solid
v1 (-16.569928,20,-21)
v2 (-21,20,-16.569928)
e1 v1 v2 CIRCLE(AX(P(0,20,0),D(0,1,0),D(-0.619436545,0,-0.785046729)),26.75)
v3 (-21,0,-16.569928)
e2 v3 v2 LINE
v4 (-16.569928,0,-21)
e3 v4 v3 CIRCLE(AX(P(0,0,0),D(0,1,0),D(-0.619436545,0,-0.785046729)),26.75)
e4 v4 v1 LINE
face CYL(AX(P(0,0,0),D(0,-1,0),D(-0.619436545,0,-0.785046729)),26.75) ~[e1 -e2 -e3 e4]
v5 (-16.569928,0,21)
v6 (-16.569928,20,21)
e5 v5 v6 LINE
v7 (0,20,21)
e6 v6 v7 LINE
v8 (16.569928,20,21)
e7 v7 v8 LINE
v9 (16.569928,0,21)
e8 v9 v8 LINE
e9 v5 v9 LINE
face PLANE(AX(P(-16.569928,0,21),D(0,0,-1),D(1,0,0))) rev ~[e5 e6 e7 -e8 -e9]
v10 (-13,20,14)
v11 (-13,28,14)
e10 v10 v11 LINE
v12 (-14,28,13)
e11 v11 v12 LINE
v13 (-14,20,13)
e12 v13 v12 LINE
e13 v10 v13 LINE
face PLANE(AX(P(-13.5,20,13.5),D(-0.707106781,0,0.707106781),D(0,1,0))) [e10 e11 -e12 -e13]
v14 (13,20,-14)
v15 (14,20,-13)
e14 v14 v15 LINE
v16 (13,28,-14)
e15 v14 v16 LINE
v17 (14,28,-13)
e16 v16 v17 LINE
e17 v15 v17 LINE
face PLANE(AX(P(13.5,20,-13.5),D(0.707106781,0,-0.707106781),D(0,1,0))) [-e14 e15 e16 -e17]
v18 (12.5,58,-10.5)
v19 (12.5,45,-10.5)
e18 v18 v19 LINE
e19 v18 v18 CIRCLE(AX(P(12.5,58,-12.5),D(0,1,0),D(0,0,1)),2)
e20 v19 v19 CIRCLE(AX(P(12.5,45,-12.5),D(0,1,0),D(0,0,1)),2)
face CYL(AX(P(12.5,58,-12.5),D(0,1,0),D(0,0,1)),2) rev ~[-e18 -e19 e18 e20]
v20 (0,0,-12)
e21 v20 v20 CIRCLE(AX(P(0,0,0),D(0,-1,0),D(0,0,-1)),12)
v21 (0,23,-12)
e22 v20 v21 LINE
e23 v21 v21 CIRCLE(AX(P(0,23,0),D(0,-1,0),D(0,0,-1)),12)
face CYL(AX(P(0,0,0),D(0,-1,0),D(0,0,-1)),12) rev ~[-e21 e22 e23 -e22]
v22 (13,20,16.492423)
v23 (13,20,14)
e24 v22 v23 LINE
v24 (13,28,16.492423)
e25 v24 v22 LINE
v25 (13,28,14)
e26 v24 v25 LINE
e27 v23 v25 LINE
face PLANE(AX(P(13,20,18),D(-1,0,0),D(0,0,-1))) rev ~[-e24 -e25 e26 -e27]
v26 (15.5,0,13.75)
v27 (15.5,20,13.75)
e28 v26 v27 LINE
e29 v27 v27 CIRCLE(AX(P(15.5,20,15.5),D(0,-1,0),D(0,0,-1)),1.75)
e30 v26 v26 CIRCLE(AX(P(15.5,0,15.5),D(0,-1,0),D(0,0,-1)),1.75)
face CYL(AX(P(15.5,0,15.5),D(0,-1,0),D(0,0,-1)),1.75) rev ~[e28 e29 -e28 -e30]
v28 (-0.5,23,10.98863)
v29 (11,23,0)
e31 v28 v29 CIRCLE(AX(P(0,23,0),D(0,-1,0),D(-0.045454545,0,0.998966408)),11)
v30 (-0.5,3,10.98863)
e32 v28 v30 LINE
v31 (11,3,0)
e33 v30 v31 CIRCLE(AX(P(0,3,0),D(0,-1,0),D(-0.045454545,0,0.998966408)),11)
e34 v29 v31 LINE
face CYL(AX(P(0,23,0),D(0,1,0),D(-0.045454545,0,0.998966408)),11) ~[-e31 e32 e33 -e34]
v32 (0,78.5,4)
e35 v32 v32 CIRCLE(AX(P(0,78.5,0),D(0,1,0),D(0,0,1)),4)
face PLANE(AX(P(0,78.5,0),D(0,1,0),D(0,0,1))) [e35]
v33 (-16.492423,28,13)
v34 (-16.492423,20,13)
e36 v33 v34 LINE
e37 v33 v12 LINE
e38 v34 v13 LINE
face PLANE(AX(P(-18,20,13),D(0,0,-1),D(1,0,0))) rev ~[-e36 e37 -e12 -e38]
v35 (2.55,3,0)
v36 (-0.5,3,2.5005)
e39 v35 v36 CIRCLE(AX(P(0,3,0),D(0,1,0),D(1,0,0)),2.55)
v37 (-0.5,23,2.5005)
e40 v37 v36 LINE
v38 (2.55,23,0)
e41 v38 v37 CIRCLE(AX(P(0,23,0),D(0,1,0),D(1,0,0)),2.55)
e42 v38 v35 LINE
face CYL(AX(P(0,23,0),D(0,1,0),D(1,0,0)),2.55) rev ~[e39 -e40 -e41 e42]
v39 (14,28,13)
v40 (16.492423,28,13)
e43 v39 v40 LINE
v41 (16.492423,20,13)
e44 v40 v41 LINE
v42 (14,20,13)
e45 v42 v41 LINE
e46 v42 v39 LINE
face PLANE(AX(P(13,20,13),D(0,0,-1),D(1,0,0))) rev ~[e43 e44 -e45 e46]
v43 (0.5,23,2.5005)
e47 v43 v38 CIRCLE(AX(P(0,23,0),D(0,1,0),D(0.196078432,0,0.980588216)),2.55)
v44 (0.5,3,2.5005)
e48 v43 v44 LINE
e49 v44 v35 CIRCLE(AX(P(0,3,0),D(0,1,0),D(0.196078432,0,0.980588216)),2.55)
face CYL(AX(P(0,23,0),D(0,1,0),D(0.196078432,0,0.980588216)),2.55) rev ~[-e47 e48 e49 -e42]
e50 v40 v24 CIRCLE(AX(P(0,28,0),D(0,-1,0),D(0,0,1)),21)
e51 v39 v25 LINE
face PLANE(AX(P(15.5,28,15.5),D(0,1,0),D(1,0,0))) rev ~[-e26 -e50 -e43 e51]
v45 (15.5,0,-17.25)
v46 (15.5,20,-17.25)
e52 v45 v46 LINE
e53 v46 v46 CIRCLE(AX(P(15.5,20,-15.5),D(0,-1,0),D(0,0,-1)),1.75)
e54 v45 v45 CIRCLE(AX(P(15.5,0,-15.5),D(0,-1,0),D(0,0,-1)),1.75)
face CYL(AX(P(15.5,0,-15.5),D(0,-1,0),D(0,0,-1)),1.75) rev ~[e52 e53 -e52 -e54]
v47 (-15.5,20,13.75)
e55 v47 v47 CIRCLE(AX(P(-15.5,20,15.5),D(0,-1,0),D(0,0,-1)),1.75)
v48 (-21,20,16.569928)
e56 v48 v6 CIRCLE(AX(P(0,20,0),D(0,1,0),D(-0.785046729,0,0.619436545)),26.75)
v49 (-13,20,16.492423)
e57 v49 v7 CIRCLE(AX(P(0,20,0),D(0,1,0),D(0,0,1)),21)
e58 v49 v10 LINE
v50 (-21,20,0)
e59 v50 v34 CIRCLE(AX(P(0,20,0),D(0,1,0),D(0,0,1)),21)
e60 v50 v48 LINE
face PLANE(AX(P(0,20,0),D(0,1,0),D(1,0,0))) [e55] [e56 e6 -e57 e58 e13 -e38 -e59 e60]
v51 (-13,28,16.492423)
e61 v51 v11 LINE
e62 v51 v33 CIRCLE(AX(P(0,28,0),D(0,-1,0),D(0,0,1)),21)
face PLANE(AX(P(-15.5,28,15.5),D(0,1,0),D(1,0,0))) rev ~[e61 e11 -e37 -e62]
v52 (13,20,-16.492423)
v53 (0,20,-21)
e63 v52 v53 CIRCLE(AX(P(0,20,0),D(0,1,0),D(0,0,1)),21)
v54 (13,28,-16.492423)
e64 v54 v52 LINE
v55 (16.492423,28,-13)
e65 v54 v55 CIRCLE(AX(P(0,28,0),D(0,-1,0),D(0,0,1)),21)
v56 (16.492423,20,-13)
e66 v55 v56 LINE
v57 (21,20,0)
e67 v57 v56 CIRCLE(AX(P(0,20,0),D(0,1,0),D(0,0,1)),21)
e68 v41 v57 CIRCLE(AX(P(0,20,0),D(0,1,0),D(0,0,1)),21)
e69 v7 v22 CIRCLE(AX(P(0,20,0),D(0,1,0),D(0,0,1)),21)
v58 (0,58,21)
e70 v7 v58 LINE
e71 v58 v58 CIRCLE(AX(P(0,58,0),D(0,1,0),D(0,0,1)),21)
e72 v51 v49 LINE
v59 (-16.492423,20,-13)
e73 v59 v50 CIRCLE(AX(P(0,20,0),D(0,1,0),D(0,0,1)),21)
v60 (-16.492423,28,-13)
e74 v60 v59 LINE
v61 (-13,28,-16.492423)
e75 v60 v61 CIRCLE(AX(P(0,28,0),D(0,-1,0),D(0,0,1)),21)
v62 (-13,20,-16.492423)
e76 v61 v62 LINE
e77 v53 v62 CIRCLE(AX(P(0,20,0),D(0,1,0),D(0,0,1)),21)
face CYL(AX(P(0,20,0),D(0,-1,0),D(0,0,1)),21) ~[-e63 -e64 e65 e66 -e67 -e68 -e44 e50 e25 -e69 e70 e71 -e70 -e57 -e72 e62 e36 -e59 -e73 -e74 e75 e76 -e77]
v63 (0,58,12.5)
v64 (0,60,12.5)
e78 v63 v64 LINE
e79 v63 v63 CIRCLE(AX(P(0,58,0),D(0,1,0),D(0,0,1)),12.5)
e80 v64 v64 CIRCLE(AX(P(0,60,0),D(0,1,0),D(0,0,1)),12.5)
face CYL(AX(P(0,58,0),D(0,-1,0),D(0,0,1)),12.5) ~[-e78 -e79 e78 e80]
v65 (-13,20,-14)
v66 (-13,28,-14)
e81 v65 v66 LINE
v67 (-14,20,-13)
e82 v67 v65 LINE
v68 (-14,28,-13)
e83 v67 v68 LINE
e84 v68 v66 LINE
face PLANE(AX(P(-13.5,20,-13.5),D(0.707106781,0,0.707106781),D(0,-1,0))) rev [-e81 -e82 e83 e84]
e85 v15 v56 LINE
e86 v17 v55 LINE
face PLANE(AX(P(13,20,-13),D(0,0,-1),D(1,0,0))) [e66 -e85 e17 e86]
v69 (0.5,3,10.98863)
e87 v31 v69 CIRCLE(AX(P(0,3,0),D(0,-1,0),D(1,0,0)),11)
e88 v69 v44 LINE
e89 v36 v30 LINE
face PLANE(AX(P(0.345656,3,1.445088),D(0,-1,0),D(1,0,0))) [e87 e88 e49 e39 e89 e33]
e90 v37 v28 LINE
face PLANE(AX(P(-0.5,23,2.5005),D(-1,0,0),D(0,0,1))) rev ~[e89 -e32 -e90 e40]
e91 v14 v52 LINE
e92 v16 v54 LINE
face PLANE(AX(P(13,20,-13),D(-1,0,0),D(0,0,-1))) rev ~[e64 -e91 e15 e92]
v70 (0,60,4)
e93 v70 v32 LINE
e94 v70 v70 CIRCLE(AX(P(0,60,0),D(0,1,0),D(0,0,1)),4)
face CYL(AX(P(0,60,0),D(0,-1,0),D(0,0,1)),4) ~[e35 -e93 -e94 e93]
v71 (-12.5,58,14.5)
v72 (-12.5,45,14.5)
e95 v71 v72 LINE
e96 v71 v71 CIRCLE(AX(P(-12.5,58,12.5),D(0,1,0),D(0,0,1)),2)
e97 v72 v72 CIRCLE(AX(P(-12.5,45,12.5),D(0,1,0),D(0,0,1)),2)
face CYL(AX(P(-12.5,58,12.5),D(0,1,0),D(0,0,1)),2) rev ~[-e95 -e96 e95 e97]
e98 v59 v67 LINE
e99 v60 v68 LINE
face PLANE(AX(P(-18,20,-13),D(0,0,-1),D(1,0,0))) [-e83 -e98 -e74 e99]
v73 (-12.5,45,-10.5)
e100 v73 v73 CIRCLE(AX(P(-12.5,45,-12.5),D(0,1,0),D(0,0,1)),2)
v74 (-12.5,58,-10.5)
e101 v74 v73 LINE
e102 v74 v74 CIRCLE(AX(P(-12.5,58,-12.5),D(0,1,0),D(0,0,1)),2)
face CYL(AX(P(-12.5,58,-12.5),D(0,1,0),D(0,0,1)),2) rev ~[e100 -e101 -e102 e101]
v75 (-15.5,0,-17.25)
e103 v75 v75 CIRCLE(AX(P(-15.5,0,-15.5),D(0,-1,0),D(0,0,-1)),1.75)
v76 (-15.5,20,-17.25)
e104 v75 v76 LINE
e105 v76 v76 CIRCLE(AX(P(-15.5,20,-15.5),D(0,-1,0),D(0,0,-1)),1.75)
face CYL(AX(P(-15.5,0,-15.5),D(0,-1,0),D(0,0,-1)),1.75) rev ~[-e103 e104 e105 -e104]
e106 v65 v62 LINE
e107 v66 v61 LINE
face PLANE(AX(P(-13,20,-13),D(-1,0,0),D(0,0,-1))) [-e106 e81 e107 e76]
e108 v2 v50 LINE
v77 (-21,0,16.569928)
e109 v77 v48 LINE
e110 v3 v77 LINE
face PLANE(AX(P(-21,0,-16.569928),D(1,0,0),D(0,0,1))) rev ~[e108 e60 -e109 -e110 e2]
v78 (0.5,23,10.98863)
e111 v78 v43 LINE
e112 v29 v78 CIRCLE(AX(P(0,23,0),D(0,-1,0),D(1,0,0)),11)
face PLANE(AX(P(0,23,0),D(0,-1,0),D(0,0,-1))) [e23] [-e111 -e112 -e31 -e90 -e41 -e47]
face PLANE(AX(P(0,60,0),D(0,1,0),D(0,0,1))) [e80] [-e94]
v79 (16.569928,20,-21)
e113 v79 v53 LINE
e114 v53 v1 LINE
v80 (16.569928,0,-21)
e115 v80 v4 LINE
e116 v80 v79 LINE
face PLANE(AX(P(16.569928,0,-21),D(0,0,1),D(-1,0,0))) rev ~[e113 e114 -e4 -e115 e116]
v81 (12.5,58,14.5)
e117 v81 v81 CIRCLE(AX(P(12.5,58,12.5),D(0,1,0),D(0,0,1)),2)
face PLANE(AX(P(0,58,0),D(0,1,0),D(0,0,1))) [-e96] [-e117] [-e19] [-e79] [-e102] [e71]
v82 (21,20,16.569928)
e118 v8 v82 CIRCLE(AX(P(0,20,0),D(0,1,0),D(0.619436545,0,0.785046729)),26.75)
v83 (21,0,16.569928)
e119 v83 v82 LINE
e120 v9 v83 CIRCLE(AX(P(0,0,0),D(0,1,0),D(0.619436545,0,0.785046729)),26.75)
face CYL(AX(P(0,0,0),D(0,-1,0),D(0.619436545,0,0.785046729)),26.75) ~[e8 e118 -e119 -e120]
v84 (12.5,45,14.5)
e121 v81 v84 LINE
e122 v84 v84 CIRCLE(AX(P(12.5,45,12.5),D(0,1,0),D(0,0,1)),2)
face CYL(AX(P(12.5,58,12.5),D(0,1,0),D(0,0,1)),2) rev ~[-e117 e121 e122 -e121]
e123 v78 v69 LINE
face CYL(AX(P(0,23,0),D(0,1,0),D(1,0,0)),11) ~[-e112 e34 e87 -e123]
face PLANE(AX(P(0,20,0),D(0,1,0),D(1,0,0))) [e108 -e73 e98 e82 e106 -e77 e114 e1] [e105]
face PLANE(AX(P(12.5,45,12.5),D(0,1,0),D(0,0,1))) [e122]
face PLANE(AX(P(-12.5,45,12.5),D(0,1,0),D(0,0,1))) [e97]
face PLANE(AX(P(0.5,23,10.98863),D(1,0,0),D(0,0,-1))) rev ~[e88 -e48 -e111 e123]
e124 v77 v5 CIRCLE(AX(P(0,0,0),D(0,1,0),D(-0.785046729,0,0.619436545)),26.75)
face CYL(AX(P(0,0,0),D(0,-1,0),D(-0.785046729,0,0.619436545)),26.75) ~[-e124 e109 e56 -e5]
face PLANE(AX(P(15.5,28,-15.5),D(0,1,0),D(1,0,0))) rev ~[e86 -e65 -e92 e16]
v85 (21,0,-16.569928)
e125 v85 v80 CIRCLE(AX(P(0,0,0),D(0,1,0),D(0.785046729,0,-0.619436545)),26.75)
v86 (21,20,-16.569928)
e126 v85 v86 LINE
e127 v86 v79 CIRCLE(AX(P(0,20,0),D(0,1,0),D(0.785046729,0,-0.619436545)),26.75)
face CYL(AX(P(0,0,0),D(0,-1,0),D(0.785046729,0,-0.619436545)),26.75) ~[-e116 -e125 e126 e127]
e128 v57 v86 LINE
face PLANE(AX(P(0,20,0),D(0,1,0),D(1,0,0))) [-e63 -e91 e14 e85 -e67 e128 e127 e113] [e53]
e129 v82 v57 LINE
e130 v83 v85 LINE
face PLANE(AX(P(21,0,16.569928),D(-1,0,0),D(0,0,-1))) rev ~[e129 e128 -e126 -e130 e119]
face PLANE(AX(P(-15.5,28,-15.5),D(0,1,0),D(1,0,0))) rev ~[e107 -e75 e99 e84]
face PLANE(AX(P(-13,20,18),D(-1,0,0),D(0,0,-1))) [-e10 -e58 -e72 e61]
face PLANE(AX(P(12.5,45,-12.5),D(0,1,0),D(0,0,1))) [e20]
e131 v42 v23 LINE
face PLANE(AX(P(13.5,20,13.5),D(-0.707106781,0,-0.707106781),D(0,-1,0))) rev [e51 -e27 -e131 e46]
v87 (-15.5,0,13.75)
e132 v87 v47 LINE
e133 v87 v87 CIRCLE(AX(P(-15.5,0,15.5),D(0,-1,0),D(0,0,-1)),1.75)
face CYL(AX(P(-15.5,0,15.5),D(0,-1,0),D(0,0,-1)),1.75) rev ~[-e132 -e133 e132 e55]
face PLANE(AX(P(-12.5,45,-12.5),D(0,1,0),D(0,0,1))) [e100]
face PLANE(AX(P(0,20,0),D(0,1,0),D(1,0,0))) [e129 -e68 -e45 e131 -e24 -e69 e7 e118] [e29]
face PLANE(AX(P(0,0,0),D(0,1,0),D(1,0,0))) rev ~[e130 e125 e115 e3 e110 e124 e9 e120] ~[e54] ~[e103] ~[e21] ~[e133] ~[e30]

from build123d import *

# Parameters (mm, degrees)
EXTRUDE_1_DEPTH     = 20
SKETCH_2_R          = 21
EXTRUDE_2_DEPTH     = 38
SKETCH_3_R          = 12.5
EXTRUDE_3_DEPTH     = 2
SKETCH_4_R          = 4
EXTRUDE_4_DEPTH     = 18.5
SKETCH_5_R          = 1.75
CUT_EXTRUDE_1_DEPTH = 22.5
SKETCH_6_W          = 5
SKETCH_6_H          = 5
CUT_EXTRUDE_2_DEPTH = 8
CHAMFER_1_SIZE      = 1
SKETCH_7_R          = 12
CUT_EXTRUDE_3_DEPTH = 23
EXTRUDE_5_DEPTH     = 20
SKETCH_9_R          = 2
CUT_EXTRUDE_4_DEPTH = 13


with BuildPart() as part:
    # 草图1 → 凸台-拉伸1 (new body)
    with BuildSketch(Plane(origin=(0, 0, 0), x_dir=(1, 0, 0), z_dir=(0, 1, 0))):
        with BuildLine():
            Line((16.56992758, 21), (-16.56992758, 21))
            ThreePointArc((-16.56992758, 21), (-18.915106397, 18.915106397), (-21, 16.56992758))
            Line((-21, 16.56992758), (-21, -16.56992758))
            ThreePointArc((-21, -16.56992758), (-18.915106397, -18.915106397), (-16.56992758, -21))
            Line((-16.56992758, -21), (16.56992758, -21))
            ThreePointArc((16.56992758, -21), (18.915106397, -18.915106397), (21, -16.56992758))
            Line((21, -16.56992758), (21, 16.56992758))
            ThreePointArc((21, 16.56992758), (18.915106397, 18.915106397), (16.56992758, 21))
        make_face()
    extrude(amount=EXTRUDE_1_DEPTH)

    # 草图2 → 凸台-拉伸2 (add)
    with BuildSketch(Plane(origin=(0, 20, 0), x_dir=(1, 0, 0), z_dir=(0, 1, 0))):
        with Locations(Location((0, 0, 0), (0, 0, 270))):
            Circle(SKETCH_2_R)
    extrude(amount=EXTRUDE_2_DEPTH)

    # 草图3 → 凸台-拉伸3 (add)
    with BuildSketch(Plane(origin=(0, 58, 0), x_dir=(1, 0, 0), z_dir=(0, 1, 0))):
        with Locations(Location((0, 0, 0), (0, 0, 270))):
            Circle(SKETCH_3_R)
    extrude(amount=EXTRUDE_3_DEPTH)

    # 草图4 → 凸台-拉伸4 (add)
    with BuildSketch(Plane(origin=(0, 60, 0), x_dir=(1, 0, 0), z_dir=(0, 1, 0))):
        with Locations(Location((0, 0, 0), (0, 0, 270))):
            Circle(SKETCH_4_R)
    extrude(amount=EXTRUDE_4_DEPTH)

    # 草图5 → 切除-拉伸1 (cut)
    with BuildSketch(Plane.XZ):
        with Locations(Location((15.5, 15.5, 0), (0, 0, 270))):
            Circle(SKETCH_5_R)
        with Locations(Location((15.5, -15.5, 0), (0, 0, 270))):
            Circle(SKETCH_5_R)
        with Locations(Location((-15.5, -15.5, 0), (0, 0, 270))):
            Circle(SKETCH_5_R)
        with Locations(Location((-15.5, 15.5, 0), (0, 0, 270))):
            Circle(SKETCH_5_R)
    extrude(amount=-CUT_EXTRUDE_1_DEPTH, mode=Mode.SUBTRACT)

    # 草图6 → 切除-拉伸2 (cut)
    with BuildSketch(Plane(origin=(0, 20, 0), x_dir=(1, 0, 0), z_dir=(0, 1, 0))):
        with Locations((-15.5, -15.5)):
            Rectangle(SKETCH_6_W, SKETCH_6_H)
        with Locations((15.5, -15.5)):
            Rectangle(SKETCH_6_W, SKETCH_6_H)
        with Locations((-15.5, 15.5)):
            Rectangle(SKETCH_6_W, SKETCH_6_H)
        with Locations((15.5, 15.5)):
            Rectangle(SKETCH_6_W, SKETCH_6_H)
    extrude(amount=CUT_EXTRUDE_2_DEPTH, mode=Mode.SUBTRACT)

    # 倒角1
    chamfer_1_edges = [part.edges().sort_by_distance(p)[0] for p in [
        (13, 24, -13),
        (-13, 24, -13),
        (-13, 24, 13),
        (13, 24, 13),
    ]]
    chamfer(chamfer_1_edges, length=CHAMFER_1_SIZE)

    # 草图7 → 切除-拉伸3 (cut)
    with BuildSketch(Plane.XZ):
        with Locations(Location((0, 0, 0), (0, 0, 270))):
            Circle(SKETCH_7_R)
    extrude(amount=-CUT_EXTRUDE_3_DEPTH, mode=Mode.SUBTRACT)

    # 草图8 → 凸台-拉伸5 (add)
    with BuildSketch(Plane.XZ.offset(-23)):
        with BuildLine():
            ThreePointArc((2.55, 0), (-1.616709621, -1.971991379), (-0.5, 2.50049995))
            Line((-0.5, 2.50049995), (-0.5, 10.988630488))
            ThreePointArc((-0.5, 10.988630488), (-7.599342077, -7.95298686), (11, 0))
            ThreePointArc((11, 0), (7.95298686, 7.599342077), (0.5, 10.988630488))
            Line((0.5, 10.988630488), (0.5, 2.50049995))
            ThreePointArc((0.5, 2.50049995), (1.971991379, 1.616709621), (2.55, 0))
        make_face()
    extrude(amount=EXTRUDE_5_DEPTH)

    # 草图9 → 切除-拉伸4 (cut)
    with BuildSketch(Plane(origin=(0, 58, 0), x_dir=(1, 0, 0), z_dir=(0, 1, 0))):
        with Locations(Location((12.5, 12.5, 0), (0, 0, 270))):
            Circle(SKETCH_9_R)
        with Locations(Location((12.5, -12.5, 0), (0, 0, 270))):
            Circle(SKETCH_9_R)
        with Locations(Location((-12.5, -12.5, 0), (0, 0, 270))):
            Circle(SKETCH_9_R)
        with Locations(Location((-12.5, 12.5, 0), (0, 0, 270))):
            Circle(SKETCH_9_R)
    extrude(amount=-CUT_EXTRUDE_4_DEPTH, mode=Mode.SUBTRACT)


solid = part.part
